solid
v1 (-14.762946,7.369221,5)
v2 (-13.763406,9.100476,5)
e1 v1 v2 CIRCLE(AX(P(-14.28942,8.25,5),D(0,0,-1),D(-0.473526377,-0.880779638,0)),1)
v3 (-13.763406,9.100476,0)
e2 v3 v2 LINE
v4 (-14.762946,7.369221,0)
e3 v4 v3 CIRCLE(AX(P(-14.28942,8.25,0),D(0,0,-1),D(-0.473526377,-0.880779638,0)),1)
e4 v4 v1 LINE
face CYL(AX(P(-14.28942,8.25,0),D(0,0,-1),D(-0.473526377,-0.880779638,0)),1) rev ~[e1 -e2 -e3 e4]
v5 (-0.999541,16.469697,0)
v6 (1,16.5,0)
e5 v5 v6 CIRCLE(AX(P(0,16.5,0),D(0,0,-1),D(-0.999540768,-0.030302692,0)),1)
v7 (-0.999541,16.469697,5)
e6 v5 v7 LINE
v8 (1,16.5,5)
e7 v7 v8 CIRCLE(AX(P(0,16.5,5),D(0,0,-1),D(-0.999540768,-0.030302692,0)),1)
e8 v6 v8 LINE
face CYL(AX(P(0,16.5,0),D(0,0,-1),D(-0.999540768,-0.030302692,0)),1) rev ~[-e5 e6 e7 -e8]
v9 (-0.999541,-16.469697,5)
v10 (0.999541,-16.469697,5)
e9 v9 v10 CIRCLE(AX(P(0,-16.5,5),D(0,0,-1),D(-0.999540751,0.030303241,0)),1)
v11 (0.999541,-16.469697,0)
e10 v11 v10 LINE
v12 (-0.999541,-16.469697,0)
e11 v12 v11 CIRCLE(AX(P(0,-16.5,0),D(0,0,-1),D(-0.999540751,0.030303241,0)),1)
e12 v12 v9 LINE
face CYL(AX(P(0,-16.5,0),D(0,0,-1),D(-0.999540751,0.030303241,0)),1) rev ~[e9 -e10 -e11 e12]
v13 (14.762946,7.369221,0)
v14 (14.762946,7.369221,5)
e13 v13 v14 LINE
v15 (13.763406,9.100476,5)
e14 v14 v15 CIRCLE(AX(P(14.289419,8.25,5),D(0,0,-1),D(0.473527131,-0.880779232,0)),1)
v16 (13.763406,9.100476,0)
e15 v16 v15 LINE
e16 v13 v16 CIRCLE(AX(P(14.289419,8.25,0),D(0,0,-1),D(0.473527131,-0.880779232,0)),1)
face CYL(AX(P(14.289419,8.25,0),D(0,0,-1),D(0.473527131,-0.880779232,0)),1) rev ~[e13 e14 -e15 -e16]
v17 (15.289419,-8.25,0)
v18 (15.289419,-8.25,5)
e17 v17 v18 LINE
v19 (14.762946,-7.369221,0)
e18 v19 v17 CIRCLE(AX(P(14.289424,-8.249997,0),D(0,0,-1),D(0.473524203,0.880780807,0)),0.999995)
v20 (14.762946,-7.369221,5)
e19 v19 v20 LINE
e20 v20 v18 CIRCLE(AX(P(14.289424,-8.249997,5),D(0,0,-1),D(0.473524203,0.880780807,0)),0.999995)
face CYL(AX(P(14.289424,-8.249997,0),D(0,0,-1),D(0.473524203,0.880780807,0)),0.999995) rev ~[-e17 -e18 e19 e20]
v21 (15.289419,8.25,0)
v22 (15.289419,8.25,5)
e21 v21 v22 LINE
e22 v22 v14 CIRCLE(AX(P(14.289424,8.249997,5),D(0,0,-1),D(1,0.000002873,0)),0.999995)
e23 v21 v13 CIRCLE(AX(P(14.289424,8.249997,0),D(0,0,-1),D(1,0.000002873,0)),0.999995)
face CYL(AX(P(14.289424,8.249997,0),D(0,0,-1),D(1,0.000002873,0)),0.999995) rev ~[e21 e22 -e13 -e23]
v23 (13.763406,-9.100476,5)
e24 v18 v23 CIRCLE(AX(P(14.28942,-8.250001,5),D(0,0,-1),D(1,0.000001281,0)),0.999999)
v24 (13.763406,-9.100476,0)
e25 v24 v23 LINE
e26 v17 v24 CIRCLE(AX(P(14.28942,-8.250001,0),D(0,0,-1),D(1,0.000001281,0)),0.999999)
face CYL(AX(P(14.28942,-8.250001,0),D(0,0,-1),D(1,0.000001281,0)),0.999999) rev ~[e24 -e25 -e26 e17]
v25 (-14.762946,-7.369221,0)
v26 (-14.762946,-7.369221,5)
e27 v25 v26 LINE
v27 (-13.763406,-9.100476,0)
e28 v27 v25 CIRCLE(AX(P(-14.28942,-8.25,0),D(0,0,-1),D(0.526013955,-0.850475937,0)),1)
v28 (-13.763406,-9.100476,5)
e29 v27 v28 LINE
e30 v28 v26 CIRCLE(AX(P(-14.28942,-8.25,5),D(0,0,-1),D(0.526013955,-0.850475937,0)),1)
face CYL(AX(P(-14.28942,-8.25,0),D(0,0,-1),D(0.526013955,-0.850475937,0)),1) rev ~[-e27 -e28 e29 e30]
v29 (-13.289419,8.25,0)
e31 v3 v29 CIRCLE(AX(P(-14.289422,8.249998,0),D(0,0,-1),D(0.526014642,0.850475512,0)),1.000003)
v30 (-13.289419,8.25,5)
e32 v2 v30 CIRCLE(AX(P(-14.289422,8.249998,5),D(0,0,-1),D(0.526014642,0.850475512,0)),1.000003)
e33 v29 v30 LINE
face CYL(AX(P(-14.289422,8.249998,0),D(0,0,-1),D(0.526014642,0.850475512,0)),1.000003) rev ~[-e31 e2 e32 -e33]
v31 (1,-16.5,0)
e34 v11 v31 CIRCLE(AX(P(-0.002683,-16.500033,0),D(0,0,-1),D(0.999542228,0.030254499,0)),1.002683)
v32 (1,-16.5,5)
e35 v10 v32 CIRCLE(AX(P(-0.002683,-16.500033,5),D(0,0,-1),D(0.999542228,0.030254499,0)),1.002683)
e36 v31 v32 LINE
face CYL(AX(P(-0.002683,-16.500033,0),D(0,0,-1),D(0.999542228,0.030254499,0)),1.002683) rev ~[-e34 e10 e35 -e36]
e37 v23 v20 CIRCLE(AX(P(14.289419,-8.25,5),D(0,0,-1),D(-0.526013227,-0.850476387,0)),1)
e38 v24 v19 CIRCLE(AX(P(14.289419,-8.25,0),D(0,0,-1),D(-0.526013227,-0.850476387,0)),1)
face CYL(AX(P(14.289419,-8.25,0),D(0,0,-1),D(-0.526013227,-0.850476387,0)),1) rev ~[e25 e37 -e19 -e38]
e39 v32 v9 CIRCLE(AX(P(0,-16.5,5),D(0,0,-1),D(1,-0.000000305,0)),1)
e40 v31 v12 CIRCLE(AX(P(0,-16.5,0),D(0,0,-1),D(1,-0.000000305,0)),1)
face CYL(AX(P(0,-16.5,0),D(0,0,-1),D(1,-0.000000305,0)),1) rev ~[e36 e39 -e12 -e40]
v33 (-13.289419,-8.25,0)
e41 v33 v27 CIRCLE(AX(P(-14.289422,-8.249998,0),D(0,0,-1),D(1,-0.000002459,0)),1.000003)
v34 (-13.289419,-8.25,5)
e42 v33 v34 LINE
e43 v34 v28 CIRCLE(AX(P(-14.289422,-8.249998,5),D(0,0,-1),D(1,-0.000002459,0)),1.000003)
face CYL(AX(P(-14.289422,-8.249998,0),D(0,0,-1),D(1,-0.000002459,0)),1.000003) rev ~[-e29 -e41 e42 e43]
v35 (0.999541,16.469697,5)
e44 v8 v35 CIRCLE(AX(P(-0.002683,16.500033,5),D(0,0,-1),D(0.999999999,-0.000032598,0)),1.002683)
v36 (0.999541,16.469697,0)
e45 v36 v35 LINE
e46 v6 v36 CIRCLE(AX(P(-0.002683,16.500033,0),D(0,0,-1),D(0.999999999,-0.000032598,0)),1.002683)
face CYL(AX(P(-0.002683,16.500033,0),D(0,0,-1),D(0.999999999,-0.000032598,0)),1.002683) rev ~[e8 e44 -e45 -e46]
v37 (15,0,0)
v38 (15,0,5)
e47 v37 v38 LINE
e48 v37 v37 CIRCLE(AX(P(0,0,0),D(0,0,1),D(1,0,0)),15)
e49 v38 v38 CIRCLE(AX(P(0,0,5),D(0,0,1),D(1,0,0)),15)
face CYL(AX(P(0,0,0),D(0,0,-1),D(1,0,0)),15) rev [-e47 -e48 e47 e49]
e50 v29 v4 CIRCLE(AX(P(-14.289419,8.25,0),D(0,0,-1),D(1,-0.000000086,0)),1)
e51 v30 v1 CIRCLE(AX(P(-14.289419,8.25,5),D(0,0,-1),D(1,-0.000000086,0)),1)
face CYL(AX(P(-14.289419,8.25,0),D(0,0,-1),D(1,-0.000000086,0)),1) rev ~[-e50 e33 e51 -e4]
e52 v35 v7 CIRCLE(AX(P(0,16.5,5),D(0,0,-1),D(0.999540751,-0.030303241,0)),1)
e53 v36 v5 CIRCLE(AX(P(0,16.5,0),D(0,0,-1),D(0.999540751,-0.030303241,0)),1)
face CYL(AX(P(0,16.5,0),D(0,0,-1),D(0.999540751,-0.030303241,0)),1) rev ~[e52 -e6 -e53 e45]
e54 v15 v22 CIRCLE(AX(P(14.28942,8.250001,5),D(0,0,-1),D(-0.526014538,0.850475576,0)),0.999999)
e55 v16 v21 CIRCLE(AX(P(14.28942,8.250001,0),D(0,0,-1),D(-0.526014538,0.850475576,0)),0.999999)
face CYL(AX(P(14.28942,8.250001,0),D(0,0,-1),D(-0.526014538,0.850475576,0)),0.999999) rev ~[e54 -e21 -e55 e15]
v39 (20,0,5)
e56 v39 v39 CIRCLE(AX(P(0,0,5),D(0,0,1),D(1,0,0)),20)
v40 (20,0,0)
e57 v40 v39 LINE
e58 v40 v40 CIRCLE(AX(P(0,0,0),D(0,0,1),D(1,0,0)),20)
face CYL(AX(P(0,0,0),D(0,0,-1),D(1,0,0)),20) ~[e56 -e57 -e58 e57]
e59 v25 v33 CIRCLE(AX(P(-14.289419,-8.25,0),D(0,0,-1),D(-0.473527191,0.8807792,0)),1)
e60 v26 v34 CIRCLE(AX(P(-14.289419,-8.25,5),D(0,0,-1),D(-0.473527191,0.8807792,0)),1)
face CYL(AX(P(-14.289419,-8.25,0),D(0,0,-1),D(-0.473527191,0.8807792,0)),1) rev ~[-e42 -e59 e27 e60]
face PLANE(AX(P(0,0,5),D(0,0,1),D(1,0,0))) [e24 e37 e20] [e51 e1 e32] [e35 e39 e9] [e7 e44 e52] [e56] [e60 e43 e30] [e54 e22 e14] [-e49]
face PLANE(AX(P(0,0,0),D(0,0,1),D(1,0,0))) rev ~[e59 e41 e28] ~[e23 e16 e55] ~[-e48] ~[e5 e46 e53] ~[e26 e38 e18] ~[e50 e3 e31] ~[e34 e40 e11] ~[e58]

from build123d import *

# Parameters (mm, degrees)
F0_R     = 20
F0_R_2   = 15
F1_DEPTH = 5


with BuildPart() as f1:
    # F0 (on Top) → F1 (new body)
    with BuildSketch(Plane.XY):
        Circle(F0_R)
        with BuildLine():
            ThreePointArc((14.762946, 7.369221), (16.059866, 3.78559), (16.5, 0))
            ThreePointArc((16.5, 0), (16.059866, -3.78559), (14.762946, -7.369221))
            ThreePointArc((14.762946, -7.369221), (15.147769, -7.736934), (15.289419, -8.25))
            ThreePointArc((15.289419, -8.25), (14.776239, -9.123503), (13.763406, -9.100476))
            ThreePointArc((13.763406, -9.100476), (8.25, -14.289419), (0.999541, -16.469697))
            ThreePointArc((0.999541, -16.469697), (0.999885, -16.484847), (1, -16.5))
            ThreePointArc((1, -16.5), (-0.015153, -17.499885), (-0.999541, -16.469697))
            ThreePointArc((-0.999541, -16.469697), (-8.25, -14.289419), (-13.763406, -9.100476))
            ThreePointArc((-13.763406, -9.100476), (-15.155445, -8.75), (-14.762946, -7.369221))
            ThreePointArc((-14.762946, -7.369221), (-16.5, 0), (-14.762946, 7.369221))
            ThreePointArc((-14.762946, 7.369221), (-15.155445, 8.75), (-13.763406, 9.100476))
            ThreePointArc((-13.763406, 9.100476), (-8.25, 14.289419), (-0.999541, 16.469697))
            ThreePointArc((-0.999541, 16.469697), (-0.015153, 17.499885), (1, 16.5))
            ThreePointArc((1, 16.5), (0.999885, 16.484847), (0.999541, 16.469697))
            ThreePointArc((0.999541, 16.469697), (8.25, 14.289419), (13.763406, 9.100476))
            ThreePointArc((13.763406, 9.100476), (14.776239, 9.123503), (15.289419, 8.25))
            ThreePointArc((15.289419, 8.25), (15.147769, 7.736934), (14.762946, 7.369221))
        make_face(mode=Mode.SUBTRACT)
        with BuildLine():
            ThreePointArc((14.762946, -7.369221), (16.059866, -3.78559), (16.5, 0))
            ThreePointArc((16.5, 0), (16.059866, 3.78559), (14.762946, 7.369221))
            ThreePointArc((14.762946, 7.369221), (13.423394, 7.75), (13.763406, 9.100476))
            ThreePointArc((13.763406, 9.100476), (8.25, 14.289419), (0.999541, 16.469697))
            ThreePointArc((0.999541, 16.469697), (0, 15.5), (-0.999541, 16.469697))
            ThreePointArc((-0.999541, 16.469697), (-8.25, 14.289419), (-13.763406, 9.100476))
            ThreePointArc((-13.763406, 9.100476), (-13.415917, 8.736819), (-13.289419, 8.25))
            ThreePointArc((-13.289419, 8.25), (-13.776353, 7.391651), (-14.762946, 7.369221))
            ThreePointArc((-14.762946, 7.369221), (-16.5, 0), (-14.762946, -7.369221))
            ThreePointArc((-14.762946, -7.369221), (-13.776353, -7.391651), (-13.289419, -8.25))
            ThreePointArc((-13.289419, -8.25), (-13.415917, -8.736819), (-13.763406, -9.100476))
            ThreePointArc((-13.763406, -9.100476), (-8.25, -14.289419), (-0.999541, -16.469697))
            ThreePointArc((-0.999541, -16.469697), (0, -15.5), (0.999541, -16.469697))
            ThreePointArc((0.999541, -16.469697), (8.25, -14.289419), (13.763406, -9.100476))
            ThreePointArc((13.763406, -9.100476), (13.423394, -7.75), (14.762946, -7.369221))
        make_face()
        Circle(F0_R_2, mode=Mode.SUBTRACT)
    extrude(amount=F1_DEPTH)


solid = f1.part
